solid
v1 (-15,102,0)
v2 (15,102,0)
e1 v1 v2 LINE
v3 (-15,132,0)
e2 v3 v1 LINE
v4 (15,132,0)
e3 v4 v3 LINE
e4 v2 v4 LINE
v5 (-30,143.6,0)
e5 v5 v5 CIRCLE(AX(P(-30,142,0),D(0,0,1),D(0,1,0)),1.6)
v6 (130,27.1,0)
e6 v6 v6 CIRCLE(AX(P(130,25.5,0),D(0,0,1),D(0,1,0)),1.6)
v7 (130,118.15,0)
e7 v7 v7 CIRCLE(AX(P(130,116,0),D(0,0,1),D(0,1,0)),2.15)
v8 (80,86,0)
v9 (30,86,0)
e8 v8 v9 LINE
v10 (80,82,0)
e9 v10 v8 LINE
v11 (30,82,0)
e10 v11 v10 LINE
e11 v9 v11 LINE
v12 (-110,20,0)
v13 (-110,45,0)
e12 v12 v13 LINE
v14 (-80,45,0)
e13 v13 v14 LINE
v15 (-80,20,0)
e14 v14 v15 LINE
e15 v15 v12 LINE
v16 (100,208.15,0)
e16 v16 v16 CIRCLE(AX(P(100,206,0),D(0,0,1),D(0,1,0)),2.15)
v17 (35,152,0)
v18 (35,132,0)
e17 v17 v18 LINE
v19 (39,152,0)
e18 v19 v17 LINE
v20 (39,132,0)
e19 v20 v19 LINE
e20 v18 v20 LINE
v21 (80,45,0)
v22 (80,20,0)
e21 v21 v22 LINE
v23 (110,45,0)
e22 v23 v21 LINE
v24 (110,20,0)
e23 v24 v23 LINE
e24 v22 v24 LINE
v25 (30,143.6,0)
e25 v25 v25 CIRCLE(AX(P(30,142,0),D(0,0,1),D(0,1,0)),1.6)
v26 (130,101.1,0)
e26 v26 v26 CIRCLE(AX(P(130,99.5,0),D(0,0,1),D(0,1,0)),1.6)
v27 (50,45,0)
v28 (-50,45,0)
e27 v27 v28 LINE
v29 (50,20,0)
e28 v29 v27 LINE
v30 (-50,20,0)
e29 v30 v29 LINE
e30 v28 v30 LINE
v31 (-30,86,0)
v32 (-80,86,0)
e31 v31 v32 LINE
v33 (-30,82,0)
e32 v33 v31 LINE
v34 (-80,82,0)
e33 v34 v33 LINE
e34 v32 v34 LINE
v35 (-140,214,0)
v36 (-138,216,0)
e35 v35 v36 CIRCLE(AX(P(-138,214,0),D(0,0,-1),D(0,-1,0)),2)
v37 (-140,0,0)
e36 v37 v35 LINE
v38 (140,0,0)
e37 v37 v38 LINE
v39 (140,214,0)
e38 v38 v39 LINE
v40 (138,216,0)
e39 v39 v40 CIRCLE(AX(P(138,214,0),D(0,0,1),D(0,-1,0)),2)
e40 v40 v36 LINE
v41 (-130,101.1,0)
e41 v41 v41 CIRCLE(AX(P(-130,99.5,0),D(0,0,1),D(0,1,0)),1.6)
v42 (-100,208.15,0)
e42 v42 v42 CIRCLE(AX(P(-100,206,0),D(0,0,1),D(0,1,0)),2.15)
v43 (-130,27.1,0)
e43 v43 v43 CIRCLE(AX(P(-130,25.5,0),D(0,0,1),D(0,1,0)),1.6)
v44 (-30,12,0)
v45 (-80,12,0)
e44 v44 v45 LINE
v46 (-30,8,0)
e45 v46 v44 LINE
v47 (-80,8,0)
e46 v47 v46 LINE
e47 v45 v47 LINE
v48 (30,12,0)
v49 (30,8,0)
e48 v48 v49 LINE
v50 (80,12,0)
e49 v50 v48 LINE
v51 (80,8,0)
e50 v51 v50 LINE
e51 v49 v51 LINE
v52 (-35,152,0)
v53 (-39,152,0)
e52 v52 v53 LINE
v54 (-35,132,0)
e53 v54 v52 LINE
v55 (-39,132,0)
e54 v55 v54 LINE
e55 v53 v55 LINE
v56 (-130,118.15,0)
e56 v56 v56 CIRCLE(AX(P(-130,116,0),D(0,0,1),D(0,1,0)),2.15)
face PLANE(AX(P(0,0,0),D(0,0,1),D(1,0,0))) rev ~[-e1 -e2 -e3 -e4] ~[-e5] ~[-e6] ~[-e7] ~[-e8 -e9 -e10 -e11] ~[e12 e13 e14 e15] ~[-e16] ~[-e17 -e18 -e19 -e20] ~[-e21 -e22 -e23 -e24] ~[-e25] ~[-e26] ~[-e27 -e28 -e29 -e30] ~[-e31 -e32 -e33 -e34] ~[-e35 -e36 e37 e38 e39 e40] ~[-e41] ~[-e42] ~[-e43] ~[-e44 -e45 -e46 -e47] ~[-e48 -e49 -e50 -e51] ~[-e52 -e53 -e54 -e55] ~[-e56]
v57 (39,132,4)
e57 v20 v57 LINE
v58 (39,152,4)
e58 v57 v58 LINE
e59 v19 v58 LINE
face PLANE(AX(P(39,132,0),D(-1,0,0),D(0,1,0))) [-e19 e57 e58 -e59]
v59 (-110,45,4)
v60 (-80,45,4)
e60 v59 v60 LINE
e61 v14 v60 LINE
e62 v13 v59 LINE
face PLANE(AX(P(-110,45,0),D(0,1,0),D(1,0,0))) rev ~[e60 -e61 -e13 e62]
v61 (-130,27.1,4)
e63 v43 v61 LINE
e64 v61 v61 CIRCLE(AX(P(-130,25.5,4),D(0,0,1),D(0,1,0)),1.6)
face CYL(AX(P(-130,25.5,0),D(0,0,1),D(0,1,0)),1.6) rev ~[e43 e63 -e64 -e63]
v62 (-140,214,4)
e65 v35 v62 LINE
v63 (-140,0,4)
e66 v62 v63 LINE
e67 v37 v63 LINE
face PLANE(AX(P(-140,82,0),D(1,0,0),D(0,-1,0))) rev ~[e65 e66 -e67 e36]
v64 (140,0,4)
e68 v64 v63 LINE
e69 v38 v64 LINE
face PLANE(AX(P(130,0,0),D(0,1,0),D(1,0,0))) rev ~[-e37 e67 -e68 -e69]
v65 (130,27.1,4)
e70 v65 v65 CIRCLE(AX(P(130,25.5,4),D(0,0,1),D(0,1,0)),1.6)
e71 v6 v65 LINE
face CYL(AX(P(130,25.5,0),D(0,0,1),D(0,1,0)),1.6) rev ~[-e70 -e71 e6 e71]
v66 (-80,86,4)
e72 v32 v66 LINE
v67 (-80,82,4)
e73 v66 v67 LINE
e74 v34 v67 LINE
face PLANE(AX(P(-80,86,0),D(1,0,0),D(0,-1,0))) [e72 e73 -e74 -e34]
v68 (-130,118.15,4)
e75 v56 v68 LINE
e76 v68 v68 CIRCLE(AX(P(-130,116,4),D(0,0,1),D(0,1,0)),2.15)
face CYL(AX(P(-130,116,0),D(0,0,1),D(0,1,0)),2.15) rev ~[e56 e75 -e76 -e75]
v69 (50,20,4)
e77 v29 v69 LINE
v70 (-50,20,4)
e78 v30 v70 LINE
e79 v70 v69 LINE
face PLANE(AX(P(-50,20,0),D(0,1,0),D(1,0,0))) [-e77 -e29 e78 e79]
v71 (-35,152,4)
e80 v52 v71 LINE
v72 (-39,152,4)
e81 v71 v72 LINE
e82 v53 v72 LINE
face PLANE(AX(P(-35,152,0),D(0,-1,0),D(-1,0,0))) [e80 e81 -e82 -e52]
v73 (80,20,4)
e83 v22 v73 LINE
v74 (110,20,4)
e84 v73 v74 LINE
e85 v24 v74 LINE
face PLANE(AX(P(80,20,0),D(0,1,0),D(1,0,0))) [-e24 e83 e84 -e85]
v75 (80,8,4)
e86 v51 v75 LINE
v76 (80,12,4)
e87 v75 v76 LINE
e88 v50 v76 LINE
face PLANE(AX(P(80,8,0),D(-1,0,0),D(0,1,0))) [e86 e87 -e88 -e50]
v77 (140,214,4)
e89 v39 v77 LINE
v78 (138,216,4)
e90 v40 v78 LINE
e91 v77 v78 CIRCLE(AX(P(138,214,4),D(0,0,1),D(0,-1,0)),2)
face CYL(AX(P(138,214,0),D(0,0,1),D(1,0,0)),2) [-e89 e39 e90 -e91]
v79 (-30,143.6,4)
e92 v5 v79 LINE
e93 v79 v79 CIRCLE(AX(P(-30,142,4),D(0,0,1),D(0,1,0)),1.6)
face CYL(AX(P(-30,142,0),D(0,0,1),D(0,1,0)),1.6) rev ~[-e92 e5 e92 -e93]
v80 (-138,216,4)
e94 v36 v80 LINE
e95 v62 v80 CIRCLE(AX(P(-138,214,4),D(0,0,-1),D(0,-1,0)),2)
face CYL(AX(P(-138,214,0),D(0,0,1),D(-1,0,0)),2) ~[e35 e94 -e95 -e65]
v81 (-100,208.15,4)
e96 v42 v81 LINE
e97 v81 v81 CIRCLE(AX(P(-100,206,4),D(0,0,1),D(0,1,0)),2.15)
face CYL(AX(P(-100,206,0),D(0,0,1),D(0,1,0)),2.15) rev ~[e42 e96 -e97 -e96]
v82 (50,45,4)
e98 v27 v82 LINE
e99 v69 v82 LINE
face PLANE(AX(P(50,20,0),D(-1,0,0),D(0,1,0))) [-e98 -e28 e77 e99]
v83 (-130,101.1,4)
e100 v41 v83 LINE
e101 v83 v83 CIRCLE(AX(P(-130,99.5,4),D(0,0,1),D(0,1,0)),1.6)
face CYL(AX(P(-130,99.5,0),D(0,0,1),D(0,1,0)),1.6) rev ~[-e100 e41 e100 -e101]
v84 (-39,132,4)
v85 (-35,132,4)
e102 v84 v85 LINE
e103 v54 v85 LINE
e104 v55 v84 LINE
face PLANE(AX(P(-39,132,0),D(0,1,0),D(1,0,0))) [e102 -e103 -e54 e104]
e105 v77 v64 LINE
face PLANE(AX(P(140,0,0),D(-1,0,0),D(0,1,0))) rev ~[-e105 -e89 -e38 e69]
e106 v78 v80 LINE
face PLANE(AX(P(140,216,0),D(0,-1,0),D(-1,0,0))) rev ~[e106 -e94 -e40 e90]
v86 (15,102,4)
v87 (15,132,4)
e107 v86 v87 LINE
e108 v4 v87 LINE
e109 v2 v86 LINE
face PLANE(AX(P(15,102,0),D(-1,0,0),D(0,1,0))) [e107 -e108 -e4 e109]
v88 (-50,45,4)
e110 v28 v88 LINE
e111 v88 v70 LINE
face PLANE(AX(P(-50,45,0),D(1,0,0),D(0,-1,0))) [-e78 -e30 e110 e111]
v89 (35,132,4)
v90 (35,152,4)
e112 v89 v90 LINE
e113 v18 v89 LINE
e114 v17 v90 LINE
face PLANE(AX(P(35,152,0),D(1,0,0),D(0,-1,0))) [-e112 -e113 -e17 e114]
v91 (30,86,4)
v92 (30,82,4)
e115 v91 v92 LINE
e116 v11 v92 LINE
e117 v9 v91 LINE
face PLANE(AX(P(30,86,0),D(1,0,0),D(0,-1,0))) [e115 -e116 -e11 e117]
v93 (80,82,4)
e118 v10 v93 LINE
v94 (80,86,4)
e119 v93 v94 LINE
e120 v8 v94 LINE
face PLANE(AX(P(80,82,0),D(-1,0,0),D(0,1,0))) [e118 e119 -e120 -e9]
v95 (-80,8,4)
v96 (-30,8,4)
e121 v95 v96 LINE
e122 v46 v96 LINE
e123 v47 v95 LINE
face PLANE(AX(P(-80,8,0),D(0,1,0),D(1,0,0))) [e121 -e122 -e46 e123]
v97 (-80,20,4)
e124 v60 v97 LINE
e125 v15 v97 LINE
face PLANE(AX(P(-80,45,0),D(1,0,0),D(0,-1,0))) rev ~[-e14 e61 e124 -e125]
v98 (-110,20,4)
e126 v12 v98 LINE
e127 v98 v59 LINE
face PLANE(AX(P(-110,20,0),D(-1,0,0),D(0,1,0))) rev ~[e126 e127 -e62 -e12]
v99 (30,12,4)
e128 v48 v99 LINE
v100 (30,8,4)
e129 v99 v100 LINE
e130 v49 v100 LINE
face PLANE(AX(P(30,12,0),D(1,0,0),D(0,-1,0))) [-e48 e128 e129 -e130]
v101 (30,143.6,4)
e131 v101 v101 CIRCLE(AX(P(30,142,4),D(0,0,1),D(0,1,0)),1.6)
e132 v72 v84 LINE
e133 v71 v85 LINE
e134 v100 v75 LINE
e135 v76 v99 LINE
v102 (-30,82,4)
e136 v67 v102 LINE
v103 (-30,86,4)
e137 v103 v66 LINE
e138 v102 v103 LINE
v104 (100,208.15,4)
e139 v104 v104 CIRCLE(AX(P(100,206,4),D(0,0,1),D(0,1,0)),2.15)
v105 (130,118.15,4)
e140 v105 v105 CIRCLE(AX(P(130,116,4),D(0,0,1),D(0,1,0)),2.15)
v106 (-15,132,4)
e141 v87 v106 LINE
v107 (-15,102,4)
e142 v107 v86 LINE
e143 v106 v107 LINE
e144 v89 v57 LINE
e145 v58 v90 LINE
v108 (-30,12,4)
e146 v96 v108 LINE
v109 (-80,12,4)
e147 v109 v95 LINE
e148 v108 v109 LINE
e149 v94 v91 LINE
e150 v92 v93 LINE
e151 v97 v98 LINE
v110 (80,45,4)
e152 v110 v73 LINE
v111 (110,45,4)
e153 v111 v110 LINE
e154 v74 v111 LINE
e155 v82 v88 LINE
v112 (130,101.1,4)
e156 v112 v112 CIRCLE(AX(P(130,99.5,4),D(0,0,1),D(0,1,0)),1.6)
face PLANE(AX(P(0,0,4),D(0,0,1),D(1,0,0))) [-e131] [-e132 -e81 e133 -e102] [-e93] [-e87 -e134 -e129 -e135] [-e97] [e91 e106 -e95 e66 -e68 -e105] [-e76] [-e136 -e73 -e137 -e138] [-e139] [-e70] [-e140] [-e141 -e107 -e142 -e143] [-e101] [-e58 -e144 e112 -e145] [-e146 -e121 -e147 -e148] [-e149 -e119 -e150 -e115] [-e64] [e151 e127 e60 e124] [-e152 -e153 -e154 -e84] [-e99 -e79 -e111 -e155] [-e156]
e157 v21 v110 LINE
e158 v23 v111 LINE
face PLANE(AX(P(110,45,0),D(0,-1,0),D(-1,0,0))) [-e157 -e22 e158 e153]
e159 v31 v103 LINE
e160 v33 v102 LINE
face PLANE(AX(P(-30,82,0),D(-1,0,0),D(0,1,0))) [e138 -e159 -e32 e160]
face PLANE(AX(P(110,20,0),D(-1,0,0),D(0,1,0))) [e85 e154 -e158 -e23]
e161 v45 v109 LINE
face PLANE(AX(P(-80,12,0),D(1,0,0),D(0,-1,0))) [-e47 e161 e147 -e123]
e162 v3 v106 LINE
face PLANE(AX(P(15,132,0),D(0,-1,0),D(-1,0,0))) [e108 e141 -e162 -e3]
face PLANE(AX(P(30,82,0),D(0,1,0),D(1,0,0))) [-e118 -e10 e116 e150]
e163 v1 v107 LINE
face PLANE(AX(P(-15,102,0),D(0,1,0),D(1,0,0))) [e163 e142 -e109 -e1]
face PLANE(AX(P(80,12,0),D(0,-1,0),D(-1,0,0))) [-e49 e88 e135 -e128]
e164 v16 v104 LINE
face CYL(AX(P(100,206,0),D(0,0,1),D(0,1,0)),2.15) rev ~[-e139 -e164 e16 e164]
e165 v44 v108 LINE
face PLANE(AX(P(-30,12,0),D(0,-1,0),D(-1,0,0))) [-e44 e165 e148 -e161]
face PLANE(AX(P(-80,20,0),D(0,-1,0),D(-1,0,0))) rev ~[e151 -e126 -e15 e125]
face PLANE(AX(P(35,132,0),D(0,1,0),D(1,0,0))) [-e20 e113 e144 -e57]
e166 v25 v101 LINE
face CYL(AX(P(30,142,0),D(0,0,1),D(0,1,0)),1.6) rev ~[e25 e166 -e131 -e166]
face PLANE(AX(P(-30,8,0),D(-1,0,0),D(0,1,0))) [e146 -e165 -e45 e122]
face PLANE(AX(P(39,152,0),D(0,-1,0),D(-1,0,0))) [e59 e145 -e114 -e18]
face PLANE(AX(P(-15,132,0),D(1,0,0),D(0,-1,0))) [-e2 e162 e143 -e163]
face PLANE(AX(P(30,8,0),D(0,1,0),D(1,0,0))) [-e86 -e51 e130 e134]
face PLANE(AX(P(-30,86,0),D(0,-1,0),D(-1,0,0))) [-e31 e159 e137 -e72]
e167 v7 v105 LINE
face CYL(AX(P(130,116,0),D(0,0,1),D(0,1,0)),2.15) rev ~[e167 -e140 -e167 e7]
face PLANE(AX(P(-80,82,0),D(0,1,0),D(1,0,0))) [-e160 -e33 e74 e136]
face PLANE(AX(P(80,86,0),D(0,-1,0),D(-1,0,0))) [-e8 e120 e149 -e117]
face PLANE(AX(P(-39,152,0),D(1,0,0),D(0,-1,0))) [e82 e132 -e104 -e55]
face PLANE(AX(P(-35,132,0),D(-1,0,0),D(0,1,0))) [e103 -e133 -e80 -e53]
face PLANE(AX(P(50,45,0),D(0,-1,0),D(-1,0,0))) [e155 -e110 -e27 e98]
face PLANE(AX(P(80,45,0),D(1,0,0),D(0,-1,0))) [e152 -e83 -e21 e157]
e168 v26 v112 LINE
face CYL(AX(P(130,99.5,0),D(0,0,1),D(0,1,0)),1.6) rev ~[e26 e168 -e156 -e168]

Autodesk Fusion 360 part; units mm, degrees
sketch "スケッチ1" plane through (0, 0, 0) normal (0, 0, 1) x (1, 0, 0)
  line L0 (140, 0) -> (140, 216)
  line L1 (140, 216) -> (-140, 216)
  line L2 (-140, 216) -> (-140, 0)
  line L3 (-39, 132) -> (-35, 132)
  line L4 (-35, 132) -> (-35, 152)
  line L5 (-35, 152) -> (-39, 152)
  line L6 (-39, 152) -> (-39, 132)
  line L7 (35, 132) -> (39, 132)
  line L8 (39, 132) -> (39, 152)
  line L9 (39, 152) -> (35, 152)
  line L10 (35, 152) -> (35, 132)
  line L11 (-140, 0) -> (140, 0)
  line L12 (-35, 142) -> (-30, 142)
  line L13 (35, 142) -> (30, 142)
  line L14 (-130, 116) -> (-130, 206)
  line L15 (-130, 206) -> (130, 206)
  line L16 (130, 206) -> (130, 116)
  line L17 (15, 132) -> (-15, 132)
  line L18 (-15, 132) -> (-15, 102)
  line L19 (-15, 102) -> (15, 102)
  line L20 (15, 102) -> (15, 132)
  line L21 (15, 132) -> (-15, 102) construction
  line L22 (-15, 132) -> (15, 102) construction
  line L23 (-140, 82) -> (140, 82)
  line L24 (-80, 82) -> (-30, 82)
  line L25 (-30, 82) -> (-30, 86)
  line L26 (-30, 86) -> (-80, 86)
  line L27 (-80, 86) -> (-80, 82)
  line L28 (30, 82) -> (80, 82)
  line L29 (80, 82) -> (80, 86)
  line L30 (80, 86) -> (30, 86)
  line L31 (30, 86) -> (30, 82)
  line L32 (-130, 0) -> (-130, 25.5)
  line L33 (130, 0) -> (130, 25.5)
  line L34 (-50, 20) -> (50, 20)
  line L35 (50, 20) -> (50, 45)
  line L36 (50, 45) -> (-50, 45)
  line L37 (-50, 45) -> (-50, 20)
  line L38 (80, 20) -> (110, 20)
  line L39 (110, 20) -> (110, 45)
  line L40 (110, 45) -> (80, 45)
  line L41 (80, 45) -> (80, 20)
  line L42 (-80, 8) -> (-30, 8)
  line L43 (-30, 8) -> (-30, 12)
  line L44 (-30, 12) -> (-80, 12)
  line L45 (-80, 12) -> (-80, 8)
  line L46 (30, 8) -> (80, 8)
  line L47 (80, 8) -> (80, 12)
  line L48 (80, 12) -> (30, 12)
  line L49 (30, 12) -> (30, 8)
  line L50 (-80, 20) -> (-110, 20)
  line L51 (-110, 20) -> (-110, 45)
  line L52 (-110, 45) -> (-80, 45)
  line L53 (-80, 45) -> (-80, 20)
  line L54 (-130, 82) -> (-130, 99.5)
  line L55 (130, 82) -> (130, 99.5)
  point P0 (0, 216)
  point P1 (-100, 206)
  point P2 (100, 206)
  point P3 (0, 117)
  point P4 (0, 20)
  dimension "d3" = 4
  dimension "d5" = 20
  dimension "d10" = 216
  dimension "d20" = 280
  dimension "d24" = 5
  dimension "d25" = 5
  dimension "d26" = 10
  dimension "d27" = 10
  dimension "d28" = 10
  dimension "d29" = 90
  dimension "d30" = 100
  dimension "d31" = 100
  dimension "d45" = 30
  dimension "d46" = 30
  dimension "d51" = 20
  dimension "d52" = 50
  dimension "d53" = 50
  dimension "d54" = 4
  dimension "d57" = 10
  dimension "d58" = 10
  dimension "d59" = 25.5
  dimension "d60" = 25.5
  dimension "d63" = 25
  dimension "d67" = 8
  dimension "d68" = 30
  dimension "d69" = 30
  dimension "d70" = 50
  dimension "d71" = 50
  dimension "d72" = 4
  dimension "d73" = 20
  dimension "d74" = 100
  dimension "d75" = 30
  dimension "d76" = 30
  dimension "d77" = 70
  dimension "d78" = 17.5
  dimension "d79" = 50
  dimension "d80" = 35
  dimension "d81" = 35
  dimension "d82" = 30
  dimension "d83" = 30
extrude "押し出し1" add sketch "スケッチ1" along normal blind 4 contours L0 L2 L11 L23 L24 L28 | L0 L1 L2 L23 L25 L26 L27 L29 L30 L31
hole "穴1" at (-30, 142, 0) at (30, 142, 0) at (-130, 25.5, 0) at (130, 25.5, 0) at (130, 99.5, 0) at (-130, 99.5, 0) direction (0, 0, 1) diameter 3.2 depth 35 tip angle 118
hole "穴2" at (-130, 116, 0) at (-100, 206, 0) at (100, 206, 0) at (130, 116, 0) direction (0, 0, 1) diameter 4.3 depth 35 tip angle 118
fillet "フィレット1" radius 2 2 edges at (140, 216, 2) (-140, 216, 2)
equation "d59 = 13.5 mm + 12 mm"
equation "d60 = 13.5 mm + 12 mm"
